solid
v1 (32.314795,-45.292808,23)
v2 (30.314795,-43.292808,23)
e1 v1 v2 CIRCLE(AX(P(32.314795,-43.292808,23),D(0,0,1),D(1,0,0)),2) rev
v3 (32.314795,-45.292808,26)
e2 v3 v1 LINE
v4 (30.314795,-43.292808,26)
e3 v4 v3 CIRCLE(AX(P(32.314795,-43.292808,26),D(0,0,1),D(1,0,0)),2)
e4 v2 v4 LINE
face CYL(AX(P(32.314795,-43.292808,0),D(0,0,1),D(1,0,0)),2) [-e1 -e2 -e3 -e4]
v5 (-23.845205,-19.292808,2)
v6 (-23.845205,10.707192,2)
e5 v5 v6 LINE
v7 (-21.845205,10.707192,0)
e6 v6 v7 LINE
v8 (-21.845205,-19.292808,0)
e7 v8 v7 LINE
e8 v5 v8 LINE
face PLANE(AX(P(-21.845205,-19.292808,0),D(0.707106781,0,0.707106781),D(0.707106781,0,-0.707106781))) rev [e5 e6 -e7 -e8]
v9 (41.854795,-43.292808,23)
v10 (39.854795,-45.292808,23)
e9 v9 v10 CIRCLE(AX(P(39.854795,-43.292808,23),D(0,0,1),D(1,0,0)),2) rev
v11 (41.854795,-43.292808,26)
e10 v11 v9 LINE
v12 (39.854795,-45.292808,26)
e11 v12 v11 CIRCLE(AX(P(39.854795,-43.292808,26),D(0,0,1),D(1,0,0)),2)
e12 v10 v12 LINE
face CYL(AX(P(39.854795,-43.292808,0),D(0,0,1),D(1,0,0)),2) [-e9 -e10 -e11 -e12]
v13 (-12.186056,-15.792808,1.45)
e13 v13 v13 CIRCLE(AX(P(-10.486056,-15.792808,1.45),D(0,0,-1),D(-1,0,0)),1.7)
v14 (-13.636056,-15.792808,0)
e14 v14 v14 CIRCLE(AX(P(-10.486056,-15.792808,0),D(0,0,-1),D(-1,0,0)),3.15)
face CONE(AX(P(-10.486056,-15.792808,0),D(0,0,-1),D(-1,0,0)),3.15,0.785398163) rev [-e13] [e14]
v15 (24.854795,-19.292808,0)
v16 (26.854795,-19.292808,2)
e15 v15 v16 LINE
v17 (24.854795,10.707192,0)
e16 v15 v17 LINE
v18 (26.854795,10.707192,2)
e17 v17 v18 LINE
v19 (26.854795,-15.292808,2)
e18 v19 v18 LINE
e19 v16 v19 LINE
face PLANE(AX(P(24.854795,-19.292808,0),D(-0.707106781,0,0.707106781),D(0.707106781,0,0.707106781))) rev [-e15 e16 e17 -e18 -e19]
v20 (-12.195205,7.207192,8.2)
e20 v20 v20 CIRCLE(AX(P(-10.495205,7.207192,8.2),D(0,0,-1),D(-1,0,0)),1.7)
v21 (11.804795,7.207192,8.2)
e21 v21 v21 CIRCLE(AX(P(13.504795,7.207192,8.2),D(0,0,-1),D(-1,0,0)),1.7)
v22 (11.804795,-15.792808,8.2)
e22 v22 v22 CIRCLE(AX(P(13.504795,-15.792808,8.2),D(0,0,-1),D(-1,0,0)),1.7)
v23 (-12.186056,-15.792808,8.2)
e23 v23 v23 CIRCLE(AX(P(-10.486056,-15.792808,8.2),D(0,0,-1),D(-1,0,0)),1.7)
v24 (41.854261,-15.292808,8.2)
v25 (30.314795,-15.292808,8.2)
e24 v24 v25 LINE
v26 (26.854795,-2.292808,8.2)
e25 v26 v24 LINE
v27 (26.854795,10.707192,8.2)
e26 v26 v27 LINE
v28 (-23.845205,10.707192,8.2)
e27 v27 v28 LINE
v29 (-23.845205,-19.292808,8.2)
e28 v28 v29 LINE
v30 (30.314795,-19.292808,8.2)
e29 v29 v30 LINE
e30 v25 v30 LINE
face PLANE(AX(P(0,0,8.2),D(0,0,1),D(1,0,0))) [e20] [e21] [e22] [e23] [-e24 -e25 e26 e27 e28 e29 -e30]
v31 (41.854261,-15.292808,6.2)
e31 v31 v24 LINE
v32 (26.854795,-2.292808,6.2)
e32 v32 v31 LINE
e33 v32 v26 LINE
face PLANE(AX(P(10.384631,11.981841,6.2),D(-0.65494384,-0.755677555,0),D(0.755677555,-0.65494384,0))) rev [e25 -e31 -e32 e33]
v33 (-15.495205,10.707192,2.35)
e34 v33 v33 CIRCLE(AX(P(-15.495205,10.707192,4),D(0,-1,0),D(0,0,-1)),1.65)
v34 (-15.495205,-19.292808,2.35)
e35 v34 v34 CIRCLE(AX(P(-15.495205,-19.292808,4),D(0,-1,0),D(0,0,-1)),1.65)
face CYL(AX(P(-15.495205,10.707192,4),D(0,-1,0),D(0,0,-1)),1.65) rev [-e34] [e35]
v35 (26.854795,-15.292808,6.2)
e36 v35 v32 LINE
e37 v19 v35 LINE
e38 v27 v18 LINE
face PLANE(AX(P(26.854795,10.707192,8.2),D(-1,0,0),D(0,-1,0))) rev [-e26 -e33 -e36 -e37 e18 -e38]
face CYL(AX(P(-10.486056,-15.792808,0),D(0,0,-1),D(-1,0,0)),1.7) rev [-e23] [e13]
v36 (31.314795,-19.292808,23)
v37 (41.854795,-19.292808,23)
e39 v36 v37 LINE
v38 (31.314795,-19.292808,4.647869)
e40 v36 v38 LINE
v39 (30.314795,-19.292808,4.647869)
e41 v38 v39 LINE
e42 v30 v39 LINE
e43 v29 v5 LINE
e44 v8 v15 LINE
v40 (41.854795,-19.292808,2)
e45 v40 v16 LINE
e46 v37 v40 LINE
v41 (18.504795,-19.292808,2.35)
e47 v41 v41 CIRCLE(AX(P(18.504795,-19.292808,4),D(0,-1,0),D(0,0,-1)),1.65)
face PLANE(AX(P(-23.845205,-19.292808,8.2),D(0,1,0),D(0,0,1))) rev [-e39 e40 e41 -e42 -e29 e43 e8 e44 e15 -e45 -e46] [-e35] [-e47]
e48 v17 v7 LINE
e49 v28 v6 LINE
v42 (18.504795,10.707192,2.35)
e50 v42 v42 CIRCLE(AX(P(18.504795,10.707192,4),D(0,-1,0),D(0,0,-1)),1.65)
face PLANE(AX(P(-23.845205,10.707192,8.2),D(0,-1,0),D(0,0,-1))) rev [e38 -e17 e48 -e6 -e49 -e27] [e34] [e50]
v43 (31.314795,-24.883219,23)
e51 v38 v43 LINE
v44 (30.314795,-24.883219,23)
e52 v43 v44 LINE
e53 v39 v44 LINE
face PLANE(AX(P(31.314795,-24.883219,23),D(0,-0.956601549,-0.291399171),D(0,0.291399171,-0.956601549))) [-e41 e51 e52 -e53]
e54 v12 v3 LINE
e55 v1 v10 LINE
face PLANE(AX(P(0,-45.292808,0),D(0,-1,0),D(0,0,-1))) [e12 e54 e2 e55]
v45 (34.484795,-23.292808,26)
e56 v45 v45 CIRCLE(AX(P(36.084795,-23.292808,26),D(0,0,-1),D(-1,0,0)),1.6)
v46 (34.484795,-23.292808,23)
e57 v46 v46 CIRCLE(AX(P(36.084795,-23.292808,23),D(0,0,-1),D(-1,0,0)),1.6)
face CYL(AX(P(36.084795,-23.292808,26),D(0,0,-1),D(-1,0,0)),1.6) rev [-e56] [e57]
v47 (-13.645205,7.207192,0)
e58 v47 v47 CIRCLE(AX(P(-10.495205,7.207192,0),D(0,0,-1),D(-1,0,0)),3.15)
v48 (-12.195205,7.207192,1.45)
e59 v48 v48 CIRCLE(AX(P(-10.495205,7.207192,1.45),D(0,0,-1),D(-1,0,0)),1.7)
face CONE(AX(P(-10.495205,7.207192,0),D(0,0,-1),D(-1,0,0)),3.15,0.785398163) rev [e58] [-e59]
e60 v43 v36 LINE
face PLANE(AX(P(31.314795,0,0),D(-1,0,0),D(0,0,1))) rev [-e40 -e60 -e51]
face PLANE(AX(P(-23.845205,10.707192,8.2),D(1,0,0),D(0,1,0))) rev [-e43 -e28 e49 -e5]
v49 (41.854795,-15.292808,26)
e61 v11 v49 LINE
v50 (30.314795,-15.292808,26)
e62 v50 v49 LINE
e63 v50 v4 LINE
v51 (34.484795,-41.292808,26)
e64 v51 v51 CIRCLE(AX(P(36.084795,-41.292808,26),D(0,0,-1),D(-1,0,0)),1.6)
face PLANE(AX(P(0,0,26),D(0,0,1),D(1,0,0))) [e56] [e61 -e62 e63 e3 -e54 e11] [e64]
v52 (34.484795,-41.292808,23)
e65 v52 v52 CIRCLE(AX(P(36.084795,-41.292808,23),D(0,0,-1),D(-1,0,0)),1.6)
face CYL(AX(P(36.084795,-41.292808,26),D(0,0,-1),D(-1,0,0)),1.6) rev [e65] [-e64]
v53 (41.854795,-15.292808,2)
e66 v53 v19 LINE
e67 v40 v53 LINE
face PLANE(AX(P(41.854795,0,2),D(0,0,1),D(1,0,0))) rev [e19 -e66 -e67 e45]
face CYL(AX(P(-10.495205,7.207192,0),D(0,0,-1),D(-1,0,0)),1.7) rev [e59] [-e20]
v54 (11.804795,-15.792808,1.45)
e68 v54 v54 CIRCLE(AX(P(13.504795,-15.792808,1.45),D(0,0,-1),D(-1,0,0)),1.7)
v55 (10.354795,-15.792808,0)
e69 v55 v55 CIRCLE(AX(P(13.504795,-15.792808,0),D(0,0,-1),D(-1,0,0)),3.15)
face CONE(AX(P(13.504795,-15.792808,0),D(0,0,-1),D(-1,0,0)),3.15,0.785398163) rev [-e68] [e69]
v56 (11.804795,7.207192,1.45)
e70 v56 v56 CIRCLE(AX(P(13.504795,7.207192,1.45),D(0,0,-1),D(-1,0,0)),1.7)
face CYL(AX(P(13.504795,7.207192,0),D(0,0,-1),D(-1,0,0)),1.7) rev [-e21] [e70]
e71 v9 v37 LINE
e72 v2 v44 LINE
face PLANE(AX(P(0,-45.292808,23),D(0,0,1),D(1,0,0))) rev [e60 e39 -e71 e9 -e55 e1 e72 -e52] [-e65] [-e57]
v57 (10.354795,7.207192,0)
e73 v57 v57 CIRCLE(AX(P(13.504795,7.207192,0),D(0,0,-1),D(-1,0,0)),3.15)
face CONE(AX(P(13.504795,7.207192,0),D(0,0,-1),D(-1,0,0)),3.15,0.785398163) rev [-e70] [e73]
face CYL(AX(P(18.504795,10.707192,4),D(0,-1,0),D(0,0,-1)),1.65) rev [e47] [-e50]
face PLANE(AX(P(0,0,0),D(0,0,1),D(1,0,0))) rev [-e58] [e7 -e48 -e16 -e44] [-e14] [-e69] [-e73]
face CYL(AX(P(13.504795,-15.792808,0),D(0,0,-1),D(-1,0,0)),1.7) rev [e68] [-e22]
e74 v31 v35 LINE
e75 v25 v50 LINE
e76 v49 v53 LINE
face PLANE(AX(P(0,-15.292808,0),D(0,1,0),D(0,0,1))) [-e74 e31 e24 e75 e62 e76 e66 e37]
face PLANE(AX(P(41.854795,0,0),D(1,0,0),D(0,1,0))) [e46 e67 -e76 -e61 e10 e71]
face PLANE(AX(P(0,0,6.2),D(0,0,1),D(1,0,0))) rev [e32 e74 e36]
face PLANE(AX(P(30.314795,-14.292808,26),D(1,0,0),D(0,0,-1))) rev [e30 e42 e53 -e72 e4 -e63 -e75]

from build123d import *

# Parameters (mm, degrees)
SKETCH_1_W                   = 50.7
SKETCH_1_H                   = 30
EXTRUDE_1_DEPTH              = 8.2
CUT_EXTRUDE_1_DEPTH          = 31
HOLE_WIZARD_M3_1_D           = 3.4
HOLE_WIZARD_M3_1_CSINK_D     = 6.3
HOLE_WIZARD_M3_1_CSINK_ANGLE = 90
SKETCH_5_R                   = 1.65
CUT_EXTRUDE_2_DEPTH          = 31
SKETCH_6_W                   = 6.2
SKETCH_6_H                   = 5
EXTRUDE_2_DEPTH              = 15
SKETCH_9_W                   = 11.54
SKETCH_9_H                   = 5
EXTRUDE_7_DEPTH              = 17.8
SKETCH_10_W                  = 11.54
SKETCH_10_H                  = 3
EXTRUDE_8_DEPTH              = 26
SKETCH_11_R                  = 1.6
CUT_EXTRUDE_3_DEPTH          = 4
EXTRUDE_10_DEPTH             = 1
FILLET_1_R                   = 2
CUT_EXTRUDE_4_DEPTH          = 1
EXTRUDE_11_DEPTH             = 2


with BuildPart() as part:
    # 草图1 → 凸台-拉伸1 (new body)
    with BuildSketch(Plane.XY):
        with Locations((1.504794521, -4.292808219)):
            Rectangle(SKETCH_1_W, SKETCH_1_H)
    extrude(amount=EXTRUDE_1_DEPTH)

    # 草图2 → 切除-拉伸1 (cut, through all)
    with BuildSketch(Plane(origin=(0, 10.707191781, 0), x_dir=(1, 0, 0), z_dir=(0, 1, 0))):
        Polygon((-21.845205479, 0), (-23.845205479, -2), (-23.845205479, 0), align=None)
        Polygon((24.854794521, 0), (26.854794521, -2), (26.854794521, 0), align=None)
    extrude(amount=-CUT_EXTRUDE_1_DEPTH, mode=Mode.SUBTRACT)

    # M3 平头机械螺钉的锥形沉头孔1 (through all)
    with Locations(Plane(origin=(-10.486055507, -15.792808219, 0), x_dir=(-1, 0, 0), z_dir=(0, 0, -1))):
        with Locations((0, 0), (-23.990850028, 0), (-23.990850028, 23), (0.009149972, 23)):
            CounterSinkHole(HOLE_WIZARD_M3_1_D / 2, HOLE_WIZARD_M3_1_CSINK_D / 2, counter_sink_angle=HOLE_WIZARD_M3_1_CSINK_ANGLE)

    # 草图5 → 切除-拉伸2 (cut, through all)
    with BuildSketch(Plane.XZ.offset(19.292808219)):
        with Locations((-15.495205479, 4)):
            Circle(SKETCH_5_R)
        with Locations((18.504794521, 4)):
            Circle(SKETCH_5_R)
    extrude(amount=-CUT_EXTRUDE_2_DEPTH, mode=Mode.SUBTRACT)

    # 草图6 → 凸台-拉伸2 (add)
    with BuildSketch(Plane(origin=(26.854794521, 0, 0), x_dir=(0, 0, -1), z_dir=(1, 0, 0))):
        with Locations((-5.1, -16.792808219)):
            Rectangle(SKETCH_6_W, SKETCH_6_H)
    extrude(amount=EXTRUDE_2_DEPTH)

    # 草图9 → 凸台-拉伸7 (add)
    with BuildSketch(Plane.XY.offset(8.2)):
        with Locations((36.084794521, -16.792808219)):
            Rectangle(SKETCH_9_W, SKETCH_9_H)
    extrude(amount=EXTRUDE_7_DEPTH)

    # 草图10 → 凸台-拉伸8 (add)
    with BuildSketch(Plane.XZ.offset(19.292808219)):
        with Locations((36.084794521, 24.5)):
            Rectangle(SKETCH_10_W, SKETCH_10_H)
    extrude(amount=EXTRUDE_8_DEPTH)

    # 草图11 → 切除-拉伸3 (cut, through all)
    with BuildSketch(Plane(origin=(0, 0, 23), x_dir=(-1, 0, 0), z_dir=(0, 0, -1))):
        with Locations((-36.084794521, -41.292808219)):
            Circle(SKETCH_11_R)
        with Locations((-36.084794521, -23.292808219)):
            Circle(SKETCH_11_R)
    extrude(amount=-CUT_EXTRUDE_3_DEPTH, mode=Mode.SUBTRACT)

    # 草图15 → 凸台-拉伸10 (add)
    with BuildSketch(Plane.ZY.offset(-30.314794521)):
        Polygon((23, -24.883219003), (4.647869492, -19.292808219), (23, -19.292808219), align=None)
    extrude(amount=-EXTRUDE_10_DEPTH)

    # 圆角1
    fillet_1_edges = [part.edges().sort_by_distance(p)[0] for p in [
        (30.314794521, -45.292808219, 24.5),
        (41.854794521, -45.292808219, 24.5),
    ]]
    fillet(fillet_1_edges, radius=FILLET_1_R)

    # 草图17 → 切除-拉伸4 (cut)
    with BuildSketch(Plane(origin=(0, -14.292808219, 0), x_dir=(1, 0, 0), z_dir=(0, 1, 0))):
        Polygon((26.854794521, -8.2), (30.314794521, -8.2), (30.314794521, -26), (41.854794521, -26), (41.854794521, -2), (26.854794521, -2), align=None)
    extrude(amount=-CUT_EXTRUDE_4_DEPTH, mode=Mode.SUBTRACT)

    # 草图18 → 凸台-拉伸11 (add)
    with BuildSketch(Plane.XY.offset(8.2)):
        Polygon((26.854794521, -15.292808219), (30.314794521, -15.292808219), (41.854261071, -15.292808219), (26.854794521, -2.292808219), align=None)
    extrude(amount=-EXTRUDE_11_DEPTH)


solid = part.part
